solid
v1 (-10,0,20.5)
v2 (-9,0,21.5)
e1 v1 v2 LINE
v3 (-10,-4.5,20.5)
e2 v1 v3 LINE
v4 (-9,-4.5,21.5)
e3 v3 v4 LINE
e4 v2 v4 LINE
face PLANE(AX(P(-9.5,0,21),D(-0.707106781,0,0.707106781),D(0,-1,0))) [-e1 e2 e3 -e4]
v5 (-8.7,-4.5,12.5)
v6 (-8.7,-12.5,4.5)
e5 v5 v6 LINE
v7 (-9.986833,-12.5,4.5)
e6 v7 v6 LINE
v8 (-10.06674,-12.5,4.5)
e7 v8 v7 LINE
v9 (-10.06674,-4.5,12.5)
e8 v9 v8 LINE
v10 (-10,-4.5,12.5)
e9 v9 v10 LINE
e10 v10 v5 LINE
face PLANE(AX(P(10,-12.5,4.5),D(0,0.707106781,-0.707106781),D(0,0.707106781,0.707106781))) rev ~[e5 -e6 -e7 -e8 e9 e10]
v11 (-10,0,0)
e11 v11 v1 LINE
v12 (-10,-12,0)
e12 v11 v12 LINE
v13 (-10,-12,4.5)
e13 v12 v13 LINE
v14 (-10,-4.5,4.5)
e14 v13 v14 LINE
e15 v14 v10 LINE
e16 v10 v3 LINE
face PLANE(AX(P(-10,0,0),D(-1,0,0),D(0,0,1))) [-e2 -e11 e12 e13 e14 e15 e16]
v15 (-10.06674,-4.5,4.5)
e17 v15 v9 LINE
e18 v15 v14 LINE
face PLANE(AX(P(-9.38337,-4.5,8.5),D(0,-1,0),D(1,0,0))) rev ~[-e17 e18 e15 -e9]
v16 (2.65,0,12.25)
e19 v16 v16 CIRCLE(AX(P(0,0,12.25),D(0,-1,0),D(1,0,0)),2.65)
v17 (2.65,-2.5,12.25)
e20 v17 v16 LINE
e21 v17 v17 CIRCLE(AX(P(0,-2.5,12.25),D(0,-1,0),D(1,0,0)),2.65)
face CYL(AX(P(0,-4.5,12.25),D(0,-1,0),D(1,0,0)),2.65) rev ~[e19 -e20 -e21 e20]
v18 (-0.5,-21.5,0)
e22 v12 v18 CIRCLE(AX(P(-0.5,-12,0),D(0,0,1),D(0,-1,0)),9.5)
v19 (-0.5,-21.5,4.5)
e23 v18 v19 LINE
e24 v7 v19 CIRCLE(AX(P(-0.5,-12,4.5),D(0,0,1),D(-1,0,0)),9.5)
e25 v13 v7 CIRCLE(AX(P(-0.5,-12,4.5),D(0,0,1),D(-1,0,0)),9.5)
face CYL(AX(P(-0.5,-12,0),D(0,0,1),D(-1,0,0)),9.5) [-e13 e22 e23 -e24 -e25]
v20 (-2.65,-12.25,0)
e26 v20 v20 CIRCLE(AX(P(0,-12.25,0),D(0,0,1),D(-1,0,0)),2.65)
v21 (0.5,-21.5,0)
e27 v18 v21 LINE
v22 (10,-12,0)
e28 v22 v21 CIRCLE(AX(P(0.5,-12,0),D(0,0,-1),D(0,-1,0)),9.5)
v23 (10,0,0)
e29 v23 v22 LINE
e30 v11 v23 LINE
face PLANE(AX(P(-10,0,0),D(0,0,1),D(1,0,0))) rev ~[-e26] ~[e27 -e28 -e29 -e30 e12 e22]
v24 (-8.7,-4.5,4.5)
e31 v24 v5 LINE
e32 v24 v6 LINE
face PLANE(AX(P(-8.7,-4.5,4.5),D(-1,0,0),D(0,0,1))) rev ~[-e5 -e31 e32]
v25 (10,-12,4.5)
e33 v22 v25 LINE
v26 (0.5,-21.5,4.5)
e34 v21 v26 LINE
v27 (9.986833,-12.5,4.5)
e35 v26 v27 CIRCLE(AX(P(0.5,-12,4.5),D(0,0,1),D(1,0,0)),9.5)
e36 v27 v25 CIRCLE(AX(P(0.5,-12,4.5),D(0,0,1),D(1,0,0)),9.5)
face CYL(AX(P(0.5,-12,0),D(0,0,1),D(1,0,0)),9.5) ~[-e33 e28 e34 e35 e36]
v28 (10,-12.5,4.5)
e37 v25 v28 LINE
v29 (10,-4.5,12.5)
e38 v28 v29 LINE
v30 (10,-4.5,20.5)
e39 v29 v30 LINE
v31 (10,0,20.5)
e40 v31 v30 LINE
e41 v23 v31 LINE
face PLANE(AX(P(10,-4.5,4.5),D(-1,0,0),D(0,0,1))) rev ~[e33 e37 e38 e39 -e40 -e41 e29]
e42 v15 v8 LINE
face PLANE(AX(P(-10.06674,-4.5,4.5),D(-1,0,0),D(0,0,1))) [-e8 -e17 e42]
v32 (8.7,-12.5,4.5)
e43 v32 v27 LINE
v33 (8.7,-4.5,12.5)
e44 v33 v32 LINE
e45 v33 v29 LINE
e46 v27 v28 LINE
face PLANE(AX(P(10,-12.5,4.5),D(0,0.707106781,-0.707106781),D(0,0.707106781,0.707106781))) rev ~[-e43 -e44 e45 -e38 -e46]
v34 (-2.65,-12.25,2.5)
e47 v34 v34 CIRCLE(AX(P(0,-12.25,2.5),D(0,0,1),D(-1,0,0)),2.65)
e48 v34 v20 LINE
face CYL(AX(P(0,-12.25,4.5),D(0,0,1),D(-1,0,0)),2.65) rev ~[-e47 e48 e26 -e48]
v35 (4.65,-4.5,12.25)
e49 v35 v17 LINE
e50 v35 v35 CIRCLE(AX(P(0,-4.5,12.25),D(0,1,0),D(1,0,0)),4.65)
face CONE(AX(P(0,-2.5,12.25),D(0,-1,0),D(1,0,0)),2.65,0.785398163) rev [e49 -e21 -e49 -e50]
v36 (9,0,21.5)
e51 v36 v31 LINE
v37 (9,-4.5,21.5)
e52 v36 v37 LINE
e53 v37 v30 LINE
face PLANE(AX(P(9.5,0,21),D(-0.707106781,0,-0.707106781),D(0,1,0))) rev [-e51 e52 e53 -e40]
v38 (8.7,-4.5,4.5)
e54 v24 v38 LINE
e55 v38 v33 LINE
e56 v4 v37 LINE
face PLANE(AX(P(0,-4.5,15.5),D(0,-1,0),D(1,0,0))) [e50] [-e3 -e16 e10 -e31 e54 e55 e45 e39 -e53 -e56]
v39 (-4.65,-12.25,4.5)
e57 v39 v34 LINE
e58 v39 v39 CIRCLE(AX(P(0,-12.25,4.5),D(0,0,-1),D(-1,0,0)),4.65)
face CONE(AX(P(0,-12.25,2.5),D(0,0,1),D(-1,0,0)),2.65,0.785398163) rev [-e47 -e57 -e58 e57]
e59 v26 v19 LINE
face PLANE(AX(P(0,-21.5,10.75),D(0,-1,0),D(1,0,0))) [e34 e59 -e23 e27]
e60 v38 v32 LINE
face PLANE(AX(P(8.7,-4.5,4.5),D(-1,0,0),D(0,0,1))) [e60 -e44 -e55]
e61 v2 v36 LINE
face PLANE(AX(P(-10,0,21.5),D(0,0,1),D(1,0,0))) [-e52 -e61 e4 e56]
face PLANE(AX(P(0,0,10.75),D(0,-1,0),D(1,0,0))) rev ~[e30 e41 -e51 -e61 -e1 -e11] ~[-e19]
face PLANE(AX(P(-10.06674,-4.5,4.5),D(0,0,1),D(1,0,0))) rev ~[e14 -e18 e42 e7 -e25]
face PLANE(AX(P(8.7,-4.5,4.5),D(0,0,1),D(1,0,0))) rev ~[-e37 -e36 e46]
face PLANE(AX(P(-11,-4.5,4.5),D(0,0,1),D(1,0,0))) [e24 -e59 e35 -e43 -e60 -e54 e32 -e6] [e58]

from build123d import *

# Parameters (mm, degrees)
SKETCH_W        = 20
SKETCH_H        = 21.5
PAD_DEPTH       = 21.5
FILLET_R        = 9.5
BOX_W           = 22
BOX_H           = 22
BOX_DEPTH       = 22
SKETCH001_R     = 2.65
POCKET_DEPTH    = 4.5
SKETCH002_R     = 2.65
POCKET001_DEPTH = 4.5
CHAMFER_SIZE    = 2
CHAMFER001_SIZE = 1
SKETCH003_W     = 1.3
SKETCH003_H     = 8
SKETCH003_W_2   = 1.36674
PAD001_DEPTH    = 8
POCKET002_DEPTH = 20.06774


with BuildPart() as part:
    # Sketch → Pad (new body)
    with BuildSketch(Plane.XZ):
        with Locations((0, 10.75)):
            Rectangle(SKETCH_W, SKETCH_H)
    extrude(amount=PAD_DEPTH)

    # Fillet
    fillet_edges = [part.edges().sort_by_distance(p)[0] for p in [
        (10, -21.5, 10.75),
        (-10, -21.5, 10.75),
    ]]
    fillet(fillet_edges, radius=FILLET_R)

    # Box → Box (cut)
    with BuildSketch(Plane(origin=(-11, -4.5, 4.5), x_dir=(1, 0, 0), z_dir=(0, -1, 0))):
        with Locations((11, 11)):
            Rectangle(BOX_W, BOX_H)
    extrude(amount=BOX_DEPTH, mode=Mode.SUBTRACT)

    # Sketch001 (on Face6 of Box) → Pocket (cut)
    with BuildSketch(Plane(origin=(0, -4.5, 12.25), x_dir=(1, 0, 0), z_dir=(0, -1, 0))):
        Circle(SKETCH001_R)
    extrude(amount=-POCKET_DEPTH, mode=Mode.SUBTRACT)

    # Sketch002 (on Face5 of Pocket) → Pocket001 (cut)
    with BuildSketch(Plane(origin=(0, -12.25, 4.5), x_dir=(-1, 0, 0), z_dir=(0, 0, 1))):
        Circle(SKETCH002_R)
    extrude(amount=-POCKET001_DEPTH, mode=Mode.SUBTRACT)

    # Chamfer
    chamfer_edges = [part.edges().sort_by_distance(p)[0] for p in [
        (-2.65, -4.5, 12.25),
        (2.65, -12.25, 4.5),
    ]]
    chamfer(chamfer_edges, length=CHAMFER_SIZE)

    # Chamfer001
    chamfer001_edges = [part.edges().sort_by_distance(p)[0] for p in [
        (10, -2.25, 21.5),
        (-10, -2.25, 21.5),
    ]]
    chamfer(chamfer001_edges, length=CHAMFER001_SIZE)

    # Sketch003 (on Face1 of Chamfer001) → Pad001 (join)
    with BuildSketch(Plane(origin=(0, -4.5, 4.5), x_dir=(1, 0, 0), z_dir=(0, -1, 0))):
        with Locations((9.35, 4)):
            Rectangle(SKETCH003_W, SKETCH003_H)
        with Locations((-9.38337, 4)):
            Rectangle(SKETCH003_W_2, SKETCH003_H)
    extrude(amount=PAD001_DEPTH)

    # Sketch004 (on Face26 of Pad001) → Pocket002 (cut, through all)
    with BuildSketch(Plane(origin=(10, -4.5, 4.5), x_dir=(0, 0, 1), z_dir=(1, 0, 0))):
        Polygon((0, 8), (8, 0), (8, 8), align=None)
    extrude(amount=-POCKET002_DEPTH, mode=Mode.SUBTRACT)


solid = part.part
